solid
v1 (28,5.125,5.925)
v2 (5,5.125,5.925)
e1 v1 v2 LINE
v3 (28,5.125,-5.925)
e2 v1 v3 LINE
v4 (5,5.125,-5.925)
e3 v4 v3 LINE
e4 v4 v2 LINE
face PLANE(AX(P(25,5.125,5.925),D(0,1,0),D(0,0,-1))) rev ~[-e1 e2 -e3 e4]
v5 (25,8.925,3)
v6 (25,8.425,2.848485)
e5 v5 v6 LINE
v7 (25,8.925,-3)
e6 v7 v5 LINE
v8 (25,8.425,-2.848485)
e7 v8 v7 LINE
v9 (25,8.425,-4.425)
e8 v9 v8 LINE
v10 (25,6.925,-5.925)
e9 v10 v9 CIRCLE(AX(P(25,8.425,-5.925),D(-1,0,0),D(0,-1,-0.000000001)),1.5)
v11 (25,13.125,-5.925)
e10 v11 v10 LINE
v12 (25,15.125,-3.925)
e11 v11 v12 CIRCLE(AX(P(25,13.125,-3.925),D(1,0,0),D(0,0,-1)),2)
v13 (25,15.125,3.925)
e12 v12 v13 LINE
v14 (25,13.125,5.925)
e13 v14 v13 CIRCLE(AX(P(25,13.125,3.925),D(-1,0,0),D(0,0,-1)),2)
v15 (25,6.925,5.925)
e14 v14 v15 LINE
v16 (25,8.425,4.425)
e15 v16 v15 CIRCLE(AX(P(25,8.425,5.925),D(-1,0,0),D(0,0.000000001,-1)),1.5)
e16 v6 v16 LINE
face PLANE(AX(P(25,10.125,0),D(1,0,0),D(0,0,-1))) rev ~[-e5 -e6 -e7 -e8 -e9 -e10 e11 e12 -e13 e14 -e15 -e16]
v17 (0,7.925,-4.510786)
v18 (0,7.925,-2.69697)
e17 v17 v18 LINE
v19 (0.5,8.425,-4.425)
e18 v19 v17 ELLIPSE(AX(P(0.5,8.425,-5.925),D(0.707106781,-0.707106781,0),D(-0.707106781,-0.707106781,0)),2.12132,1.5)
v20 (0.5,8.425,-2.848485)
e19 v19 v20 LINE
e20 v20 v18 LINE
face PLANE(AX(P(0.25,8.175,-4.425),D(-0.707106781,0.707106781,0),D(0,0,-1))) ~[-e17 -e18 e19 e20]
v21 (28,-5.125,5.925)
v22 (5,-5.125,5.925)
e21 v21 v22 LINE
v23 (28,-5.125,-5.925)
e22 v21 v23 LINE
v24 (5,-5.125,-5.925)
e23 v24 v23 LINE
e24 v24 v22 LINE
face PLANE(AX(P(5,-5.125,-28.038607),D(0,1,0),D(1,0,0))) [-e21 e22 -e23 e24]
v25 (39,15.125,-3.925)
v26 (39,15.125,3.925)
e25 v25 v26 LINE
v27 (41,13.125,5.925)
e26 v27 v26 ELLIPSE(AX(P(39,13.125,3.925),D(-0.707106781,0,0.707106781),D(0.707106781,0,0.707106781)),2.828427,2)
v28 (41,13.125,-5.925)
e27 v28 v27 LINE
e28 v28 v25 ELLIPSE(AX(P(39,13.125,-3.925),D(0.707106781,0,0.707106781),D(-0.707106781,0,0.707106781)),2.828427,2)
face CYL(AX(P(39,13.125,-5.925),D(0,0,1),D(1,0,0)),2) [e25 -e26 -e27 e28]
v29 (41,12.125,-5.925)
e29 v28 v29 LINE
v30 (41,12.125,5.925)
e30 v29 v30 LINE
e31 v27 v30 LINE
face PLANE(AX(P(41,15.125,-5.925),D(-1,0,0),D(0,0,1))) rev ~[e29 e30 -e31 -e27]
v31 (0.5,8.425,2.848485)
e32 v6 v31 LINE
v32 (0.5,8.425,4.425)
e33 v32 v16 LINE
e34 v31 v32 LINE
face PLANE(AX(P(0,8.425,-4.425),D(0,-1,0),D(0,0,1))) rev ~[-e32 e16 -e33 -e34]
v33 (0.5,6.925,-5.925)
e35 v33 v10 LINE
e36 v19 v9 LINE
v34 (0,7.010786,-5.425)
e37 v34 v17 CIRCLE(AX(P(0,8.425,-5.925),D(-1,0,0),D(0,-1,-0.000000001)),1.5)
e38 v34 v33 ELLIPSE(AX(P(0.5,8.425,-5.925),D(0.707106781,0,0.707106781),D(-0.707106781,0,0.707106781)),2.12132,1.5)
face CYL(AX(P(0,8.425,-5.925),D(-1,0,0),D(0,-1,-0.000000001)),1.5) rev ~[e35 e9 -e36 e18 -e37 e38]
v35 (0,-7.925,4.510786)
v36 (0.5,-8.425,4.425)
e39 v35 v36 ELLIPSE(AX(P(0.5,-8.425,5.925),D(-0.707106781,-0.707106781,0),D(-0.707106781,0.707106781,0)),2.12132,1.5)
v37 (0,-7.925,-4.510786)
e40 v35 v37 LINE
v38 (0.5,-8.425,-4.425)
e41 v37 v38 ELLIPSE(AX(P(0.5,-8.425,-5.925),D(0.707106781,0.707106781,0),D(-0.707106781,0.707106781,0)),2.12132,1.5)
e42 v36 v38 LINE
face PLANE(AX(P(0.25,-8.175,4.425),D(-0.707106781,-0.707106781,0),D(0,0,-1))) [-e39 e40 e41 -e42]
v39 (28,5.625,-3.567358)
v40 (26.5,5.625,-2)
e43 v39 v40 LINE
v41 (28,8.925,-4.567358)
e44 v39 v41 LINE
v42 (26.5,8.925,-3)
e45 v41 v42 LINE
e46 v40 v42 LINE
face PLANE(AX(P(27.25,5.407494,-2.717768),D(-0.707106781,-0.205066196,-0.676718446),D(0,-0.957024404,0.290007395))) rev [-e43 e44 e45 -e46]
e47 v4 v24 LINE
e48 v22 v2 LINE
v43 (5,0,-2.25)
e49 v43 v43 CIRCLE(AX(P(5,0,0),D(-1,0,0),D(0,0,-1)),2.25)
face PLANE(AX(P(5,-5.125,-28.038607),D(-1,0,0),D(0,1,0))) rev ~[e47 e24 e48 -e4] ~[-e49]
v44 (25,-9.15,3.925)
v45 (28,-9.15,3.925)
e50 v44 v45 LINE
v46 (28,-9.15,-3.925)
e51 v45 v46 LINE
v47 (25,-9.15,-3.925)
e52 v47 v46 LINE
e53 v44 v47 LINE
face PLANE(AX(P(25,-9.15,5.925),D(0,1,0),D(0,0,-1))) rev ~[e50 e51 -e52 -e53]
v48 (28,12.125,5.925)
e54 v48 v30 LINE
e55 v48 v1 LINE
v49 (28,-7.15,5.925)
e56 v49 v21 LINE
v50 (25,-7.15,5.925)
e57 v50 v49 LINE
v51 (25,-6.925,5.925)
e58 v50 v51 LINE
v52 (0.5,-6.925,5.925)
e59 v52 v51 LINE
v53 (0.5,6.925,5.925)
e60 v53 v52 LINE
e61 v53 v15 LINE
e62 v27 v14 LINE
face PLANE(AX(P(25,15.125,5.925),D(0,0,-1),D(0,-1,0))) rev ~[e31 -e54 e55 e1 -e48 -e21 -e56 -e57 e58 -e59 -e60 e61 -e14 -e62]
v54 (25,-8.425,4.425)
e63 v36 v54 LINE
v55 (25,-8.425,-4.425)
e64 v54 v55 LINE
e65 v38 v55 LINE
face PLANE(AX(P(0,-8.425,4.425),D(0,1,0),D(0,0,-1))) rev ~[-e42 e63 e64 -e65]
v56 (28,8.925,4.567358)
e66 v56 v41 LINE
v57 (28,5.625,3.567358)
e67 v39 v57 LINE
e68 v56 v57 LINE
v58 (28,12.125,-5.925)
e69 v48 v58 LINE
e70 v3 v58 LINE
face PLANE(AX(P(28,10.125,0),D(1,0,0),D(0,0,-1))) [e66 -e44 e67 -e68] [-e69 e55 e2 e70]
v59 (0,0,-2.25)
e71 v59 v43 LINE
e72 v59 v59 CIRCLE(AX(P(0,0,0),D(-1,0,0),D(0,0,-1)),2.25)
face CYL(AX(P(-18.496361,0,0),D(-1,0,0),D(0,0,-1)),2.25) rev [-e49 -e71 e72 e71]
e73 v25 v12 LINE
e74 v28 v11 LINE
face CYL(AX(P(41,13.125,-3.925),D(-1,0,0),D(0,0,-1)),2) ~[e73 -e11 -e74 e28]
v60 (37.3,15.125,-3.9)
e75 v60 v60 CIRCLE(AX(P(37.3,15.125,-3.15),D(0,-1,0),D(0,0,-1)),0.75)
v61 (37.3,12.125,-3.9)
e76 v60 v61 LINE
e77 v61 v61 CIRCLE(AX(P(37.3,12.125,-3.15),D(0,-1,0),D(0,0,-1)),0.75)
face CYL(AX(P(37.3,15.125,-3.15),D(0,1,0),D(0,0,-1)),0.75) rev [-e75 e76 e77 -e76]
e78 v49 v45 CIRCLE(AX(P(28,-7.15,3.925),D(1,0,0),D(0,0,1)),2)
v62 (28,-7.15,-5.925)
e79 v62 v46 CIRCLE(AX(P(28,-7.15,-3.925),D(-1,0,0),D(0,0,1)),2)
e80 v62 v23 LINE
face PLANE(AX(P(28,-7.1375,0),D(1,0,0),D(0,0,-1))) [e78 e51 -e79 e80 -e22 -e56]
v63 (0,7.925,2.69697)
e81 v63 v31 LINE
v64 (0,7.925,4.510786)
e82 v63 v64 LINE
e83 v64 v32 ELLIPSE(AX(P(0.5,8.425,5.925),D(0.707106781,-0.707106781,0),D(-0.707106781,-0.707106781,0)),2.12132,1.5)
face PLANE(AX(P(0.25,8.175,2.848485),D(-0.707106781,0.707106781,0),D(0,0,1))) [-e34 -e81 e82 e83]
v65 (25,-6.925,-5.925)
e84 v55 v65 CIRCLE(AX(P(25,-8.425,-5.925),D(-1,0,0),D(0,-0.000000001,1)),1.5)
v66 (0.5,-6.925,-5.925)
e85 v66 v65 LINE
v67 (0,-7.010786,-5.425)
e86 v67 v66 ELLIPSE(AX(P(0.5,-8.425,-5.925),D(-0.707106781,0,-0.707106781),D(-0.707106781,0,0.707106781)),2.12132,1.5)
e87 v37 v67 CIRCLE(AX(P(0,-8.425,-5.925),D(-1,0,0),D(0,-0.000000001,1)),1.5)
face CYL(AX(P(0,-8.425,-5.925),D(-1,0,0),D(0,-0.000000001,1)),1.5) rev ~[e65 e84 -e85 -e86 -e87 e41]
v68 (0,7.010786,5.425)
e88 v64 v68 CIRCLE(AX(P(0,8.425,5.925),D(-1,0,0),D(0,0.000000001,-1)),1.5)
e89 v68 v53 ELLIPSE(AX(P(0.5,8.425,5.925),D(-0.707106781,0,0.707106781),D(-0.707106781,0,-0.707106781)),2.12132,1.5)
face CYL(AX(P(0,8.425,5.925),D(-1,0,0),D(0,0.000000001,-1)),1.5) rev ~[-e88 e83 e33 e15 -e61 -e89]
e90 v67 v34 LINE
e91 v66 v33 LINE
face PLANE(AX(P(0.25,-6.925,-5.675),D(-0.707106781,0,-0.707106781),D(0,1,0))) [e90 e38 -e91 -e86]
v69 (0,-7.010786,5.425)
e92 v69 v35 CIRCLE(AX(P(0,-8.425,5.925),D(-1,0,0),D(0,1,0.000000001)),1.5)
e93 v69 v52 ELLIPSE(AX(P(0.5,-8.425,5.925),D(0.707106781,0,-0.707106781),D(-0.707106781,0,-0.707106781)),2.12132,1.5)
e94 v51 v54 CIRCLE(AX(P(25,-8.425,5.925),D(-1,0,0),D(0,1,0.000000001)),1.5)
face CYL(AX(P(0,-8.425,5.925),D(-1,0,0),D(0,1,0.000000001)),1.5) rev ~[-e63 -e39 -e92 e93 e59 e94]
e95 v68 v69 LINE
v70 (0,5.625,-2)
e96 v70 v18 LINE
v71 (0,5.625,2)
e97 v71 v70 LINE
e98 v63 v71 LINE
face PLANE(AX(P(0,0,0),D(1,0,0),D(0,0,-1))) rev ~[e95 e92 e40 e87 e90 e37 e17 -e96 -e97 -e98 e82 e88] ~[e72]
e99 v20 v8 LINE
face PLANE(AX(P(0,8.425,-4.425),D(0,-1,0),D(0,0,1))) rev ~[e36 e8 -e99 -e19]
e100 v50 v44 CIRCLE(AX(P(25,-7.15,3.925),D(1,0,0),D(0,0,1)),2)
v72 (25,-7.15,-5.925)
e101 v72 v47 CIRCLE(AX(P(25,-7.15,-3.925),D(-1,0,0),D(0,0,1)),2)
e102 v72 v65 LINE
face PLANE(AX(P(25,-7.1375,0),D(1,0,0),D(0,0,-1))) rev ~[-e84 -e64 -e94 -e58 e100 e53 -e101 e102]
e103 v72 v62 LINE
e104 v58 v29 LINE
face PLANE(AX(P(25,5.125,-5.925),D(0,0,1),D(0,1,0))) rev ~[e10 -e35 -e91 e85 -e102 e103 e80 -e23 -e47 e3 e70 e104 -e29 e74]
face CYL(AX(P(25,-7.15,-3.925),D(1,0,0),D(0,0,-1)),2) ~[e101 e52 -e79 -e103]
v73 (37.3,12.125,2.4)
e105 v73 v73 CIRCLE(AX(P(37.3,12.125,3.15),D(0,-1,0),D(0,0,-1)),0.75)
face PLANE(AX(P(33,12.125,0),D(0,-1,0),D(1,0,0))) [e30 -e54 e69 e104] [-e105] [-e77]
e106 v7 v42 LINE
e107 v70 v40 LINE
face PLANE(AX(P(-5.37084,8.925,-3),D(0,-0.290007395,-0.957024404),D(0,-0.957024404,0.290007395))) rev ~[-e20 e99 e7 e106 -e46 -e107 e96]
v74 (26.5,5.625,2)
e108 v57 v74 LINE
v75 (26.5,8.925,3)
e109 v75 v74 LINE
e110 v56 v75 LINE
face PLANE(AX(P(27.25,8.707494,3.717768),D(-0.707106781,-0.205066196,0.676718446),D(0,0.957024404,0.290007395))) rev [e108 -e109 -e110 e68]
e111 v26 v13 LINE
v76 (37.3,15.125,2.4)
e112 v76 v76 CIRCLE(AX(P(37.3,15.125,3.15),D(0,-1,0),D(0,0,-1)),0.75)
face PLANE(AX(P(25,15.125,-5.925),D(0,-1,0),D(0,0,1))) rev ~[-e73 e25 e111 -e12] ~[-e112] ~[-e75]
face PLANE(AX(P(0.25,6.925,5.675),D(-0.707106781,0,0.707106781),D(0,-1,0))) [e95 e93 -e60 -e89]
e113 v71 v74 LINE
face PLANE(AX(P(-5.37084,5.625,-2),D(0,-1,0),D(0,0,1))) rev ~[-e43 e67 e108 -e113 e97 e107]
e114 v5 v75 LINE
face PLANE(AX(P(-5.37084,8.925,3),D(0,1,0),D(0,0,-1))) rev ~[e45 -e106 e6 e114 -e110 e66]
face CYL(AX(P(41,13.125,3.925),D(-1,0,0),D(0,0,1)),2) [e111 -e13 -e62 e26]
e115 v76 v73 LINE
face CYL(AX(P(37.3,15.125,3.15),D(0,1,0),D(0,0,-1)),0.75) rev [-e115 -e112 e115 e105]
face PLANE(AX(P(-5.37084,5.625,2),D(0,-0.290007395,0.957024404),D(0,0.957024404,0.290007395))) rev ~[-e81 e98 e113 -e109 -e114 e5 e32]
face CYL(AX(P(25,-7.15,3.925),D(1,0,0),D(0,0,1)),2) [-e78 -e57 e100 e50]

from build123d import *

# Parameters (mm, degrees)
BOSS_EXTRUDE1_DEPTH     = 25
CUT_EXTRUDE1_DEPTH      = 28.038606658
CUT_EXTRUDE1_DEPTH_BACK = 28.038606658
SKETCH2_W               = 20
SKETCH2_H               = 10.25
CUT_EXTRUDE2_DEPTH      = 23.496360817
CUT_EXTRUDE2_DEPTH_BACK = 23.496360817
SKETCH3_R               = 2.25
SKETCH5_W               = 11.85
SKETCH5_H               = 4.025
BOSS_EXTRUDE2_DEPTH     = 3
CUT_EXTRUDE3_DEPTH      = 33.370839501
CUT_EXTRUDE3_DEPTH_BACK = 33.370839501
SKETCH6_W               = 16
SKETCH6_H               = 11.85
SKETCH6_R               = 0.75
BOSS_EXTRUDE3_DEPTH     = 3
FILLET1_R               = 2
CHAMFER1_SIZE           = 1.5
CHAMFER2_SIZE           = 0.5


with BuildPart() as part:
    # Sketch1 → Boss-Extrude1 (new body)
    with BuildSketch(Plane(origin=(0, 0, 0), x_dir=(0, 0, -1), z_dir=(1, 0, 0))):
        with BuildLine():
            Line((-4.425, -8.425), (4.425, -8.425))
            ThreePointArc((4.425, -8.425), (4.864339828, -7.364339828), (5.925, -6.925))
            Line((5.925, -6.925), (5.925, 6.925))
            ThreePointArc((5.925, 6.925), (4.864339828, 7.364339828), (4.425, 8.425))
            Line((4.425, 8.425), (-4.425, 8.425))
            ThreePointArc((-4.425, 8.425), (-4.864339828, 7.364339828), (-5.925, 6.925))
            Line((-5.925, 6.925), (-5.925, -6.925))
            ThreePointArc((-5.925, -6.925), (-4.864339828, -7.364339828), (-4.425, -8.425))
        make_face()
    extrude(amount=BOSS_EXTRUDE1_DEPTH)

    # Sketch2 → Cut-Extrude1 (cut, two sides: drawn at the far end of the back side and taken through both)
    with BuildSketch(Plane.XY.offset(-CUT_EXTRUDE1_DEPTH_BACK)):
        with Locations((15, 0)):
            Rectangle(SKETCH2_W, SKETCH2_H)
    extrude(amount=CUT_EXTRUDE1_DEPTH + CUT_EXTRUDE1_DEPTH_BACK, mode=Mode.SUBTRACT)

    # Sketch3 → Cut-Extrude2 (cut, two sides: drawn at the far end of the back side and taken through both)
    with BuildSketch(Plane(origin=(5, 0, 0), x_dir=(0, 0, -1), z_dir=(1, 0, 0)).offset(-CUT_EXTRUDE2_DEPTH_BACK)):
        Circle(SKETCH3_R)
    extrude(amount=CUT_EXTRUDE2_DEPTH + CUT_EXTRUDE2_DEPTH_BACK, mode=Mode.SUBTRACT)

    # Sketch5 → Boss-Extrude2 (add)
    with BuildSketch(Plane(origin=(25, 0, 0), x_dir=(0, 0, -1), z_dir=(1, 0, 0))):
        Polygon((-5.925, 5.125), (5.925, 5.125), (5.925, 9.15), (5.925, 15.125), (-5.925, 15.125), (-5.925, 9.15), align=None)
        with Locations((0, -7.1375)):
            Rectangle(SKETCH5_W, SKETCH5_H)
    extrude(amount=BOSS_EXTRUDE2_DEPTH)

    # Sketch4 → Cut-Extrude3 (cut, two sides: drawn at the far end of the back side and taken through both)
    with BuildSketch(Plane(origin=(28, 0, 0), x_dir=(0, 0, -1), z_dir=(1, 0, 0)).offset(-CUT_EXTRUDE3_DEPTH_BACK)):
        Polygon((-3, 8.925), (3, 8.925), (2, 5.625), (-2, 5.625), align=None)
    extrude(amount=CUT_EXTRUDE3_DEPTH + CUT_EXTRUDE3_DEPTH_BACK, mode=Mode.SUBTRACT)

    # Sketch6 → Boss-Extrude3 (add)
    with BuildSketch(Plane.XZ.offset(-15.125)):
        with Locations((33, 0)):
            Rectangle(SKETCH6_W, SKETCH6_H)
        with Locations(Location((37.3, -3.15, 0), (0, 0, 270))):
            Circle(SKETCH6_R, mode=Mode.SUBTRACT)
        with Locations(Location((37.3, 3.15, 0), (0, 0, 270))):
            Circle(SKETCH6_R, mode=Mode.SUBTRACT)
    extrude(amount=BOSS_EXTRUDE3_DEPTH)

    # Fillet1
    fillet1_edges = [part.edges().sort_by_distance(p)[0] for p in [
        (41, 15.125, 0),
        (33, 15.125, -5.925),
        (33, 15.125, 5.925),
        (26.5, -9.15, 5.925),
        (26.5, -9.15, -5.925),
    ]]
    fillet(fillet1_edges, radius=FILLET1_R)

    # Chamfer1
    chamfer1_edges = [part.edges().sort_by_distance(p)[0] for p in [
        (28, 7.275, -2.5),
        (28, 7.275, 2.5),
    ]]
    chamfer(chamfer1_edges, length=CHAMFER1_SIZE)

    # Chamfer2
    chamfer2_edges = [part.edges().sort_by_distance(p)[0] for p in [
        (0, -8.425, 0),
        (0, 0, 5.925),
        (0, 8.425, 3.636742424),
        (0, 8.425, -3.636742424),
        (0, 0, -5.925),
    ]]
    chamfer(chamfer2_edges, length=CHAMFER2_SIZE)


solid = part.part
